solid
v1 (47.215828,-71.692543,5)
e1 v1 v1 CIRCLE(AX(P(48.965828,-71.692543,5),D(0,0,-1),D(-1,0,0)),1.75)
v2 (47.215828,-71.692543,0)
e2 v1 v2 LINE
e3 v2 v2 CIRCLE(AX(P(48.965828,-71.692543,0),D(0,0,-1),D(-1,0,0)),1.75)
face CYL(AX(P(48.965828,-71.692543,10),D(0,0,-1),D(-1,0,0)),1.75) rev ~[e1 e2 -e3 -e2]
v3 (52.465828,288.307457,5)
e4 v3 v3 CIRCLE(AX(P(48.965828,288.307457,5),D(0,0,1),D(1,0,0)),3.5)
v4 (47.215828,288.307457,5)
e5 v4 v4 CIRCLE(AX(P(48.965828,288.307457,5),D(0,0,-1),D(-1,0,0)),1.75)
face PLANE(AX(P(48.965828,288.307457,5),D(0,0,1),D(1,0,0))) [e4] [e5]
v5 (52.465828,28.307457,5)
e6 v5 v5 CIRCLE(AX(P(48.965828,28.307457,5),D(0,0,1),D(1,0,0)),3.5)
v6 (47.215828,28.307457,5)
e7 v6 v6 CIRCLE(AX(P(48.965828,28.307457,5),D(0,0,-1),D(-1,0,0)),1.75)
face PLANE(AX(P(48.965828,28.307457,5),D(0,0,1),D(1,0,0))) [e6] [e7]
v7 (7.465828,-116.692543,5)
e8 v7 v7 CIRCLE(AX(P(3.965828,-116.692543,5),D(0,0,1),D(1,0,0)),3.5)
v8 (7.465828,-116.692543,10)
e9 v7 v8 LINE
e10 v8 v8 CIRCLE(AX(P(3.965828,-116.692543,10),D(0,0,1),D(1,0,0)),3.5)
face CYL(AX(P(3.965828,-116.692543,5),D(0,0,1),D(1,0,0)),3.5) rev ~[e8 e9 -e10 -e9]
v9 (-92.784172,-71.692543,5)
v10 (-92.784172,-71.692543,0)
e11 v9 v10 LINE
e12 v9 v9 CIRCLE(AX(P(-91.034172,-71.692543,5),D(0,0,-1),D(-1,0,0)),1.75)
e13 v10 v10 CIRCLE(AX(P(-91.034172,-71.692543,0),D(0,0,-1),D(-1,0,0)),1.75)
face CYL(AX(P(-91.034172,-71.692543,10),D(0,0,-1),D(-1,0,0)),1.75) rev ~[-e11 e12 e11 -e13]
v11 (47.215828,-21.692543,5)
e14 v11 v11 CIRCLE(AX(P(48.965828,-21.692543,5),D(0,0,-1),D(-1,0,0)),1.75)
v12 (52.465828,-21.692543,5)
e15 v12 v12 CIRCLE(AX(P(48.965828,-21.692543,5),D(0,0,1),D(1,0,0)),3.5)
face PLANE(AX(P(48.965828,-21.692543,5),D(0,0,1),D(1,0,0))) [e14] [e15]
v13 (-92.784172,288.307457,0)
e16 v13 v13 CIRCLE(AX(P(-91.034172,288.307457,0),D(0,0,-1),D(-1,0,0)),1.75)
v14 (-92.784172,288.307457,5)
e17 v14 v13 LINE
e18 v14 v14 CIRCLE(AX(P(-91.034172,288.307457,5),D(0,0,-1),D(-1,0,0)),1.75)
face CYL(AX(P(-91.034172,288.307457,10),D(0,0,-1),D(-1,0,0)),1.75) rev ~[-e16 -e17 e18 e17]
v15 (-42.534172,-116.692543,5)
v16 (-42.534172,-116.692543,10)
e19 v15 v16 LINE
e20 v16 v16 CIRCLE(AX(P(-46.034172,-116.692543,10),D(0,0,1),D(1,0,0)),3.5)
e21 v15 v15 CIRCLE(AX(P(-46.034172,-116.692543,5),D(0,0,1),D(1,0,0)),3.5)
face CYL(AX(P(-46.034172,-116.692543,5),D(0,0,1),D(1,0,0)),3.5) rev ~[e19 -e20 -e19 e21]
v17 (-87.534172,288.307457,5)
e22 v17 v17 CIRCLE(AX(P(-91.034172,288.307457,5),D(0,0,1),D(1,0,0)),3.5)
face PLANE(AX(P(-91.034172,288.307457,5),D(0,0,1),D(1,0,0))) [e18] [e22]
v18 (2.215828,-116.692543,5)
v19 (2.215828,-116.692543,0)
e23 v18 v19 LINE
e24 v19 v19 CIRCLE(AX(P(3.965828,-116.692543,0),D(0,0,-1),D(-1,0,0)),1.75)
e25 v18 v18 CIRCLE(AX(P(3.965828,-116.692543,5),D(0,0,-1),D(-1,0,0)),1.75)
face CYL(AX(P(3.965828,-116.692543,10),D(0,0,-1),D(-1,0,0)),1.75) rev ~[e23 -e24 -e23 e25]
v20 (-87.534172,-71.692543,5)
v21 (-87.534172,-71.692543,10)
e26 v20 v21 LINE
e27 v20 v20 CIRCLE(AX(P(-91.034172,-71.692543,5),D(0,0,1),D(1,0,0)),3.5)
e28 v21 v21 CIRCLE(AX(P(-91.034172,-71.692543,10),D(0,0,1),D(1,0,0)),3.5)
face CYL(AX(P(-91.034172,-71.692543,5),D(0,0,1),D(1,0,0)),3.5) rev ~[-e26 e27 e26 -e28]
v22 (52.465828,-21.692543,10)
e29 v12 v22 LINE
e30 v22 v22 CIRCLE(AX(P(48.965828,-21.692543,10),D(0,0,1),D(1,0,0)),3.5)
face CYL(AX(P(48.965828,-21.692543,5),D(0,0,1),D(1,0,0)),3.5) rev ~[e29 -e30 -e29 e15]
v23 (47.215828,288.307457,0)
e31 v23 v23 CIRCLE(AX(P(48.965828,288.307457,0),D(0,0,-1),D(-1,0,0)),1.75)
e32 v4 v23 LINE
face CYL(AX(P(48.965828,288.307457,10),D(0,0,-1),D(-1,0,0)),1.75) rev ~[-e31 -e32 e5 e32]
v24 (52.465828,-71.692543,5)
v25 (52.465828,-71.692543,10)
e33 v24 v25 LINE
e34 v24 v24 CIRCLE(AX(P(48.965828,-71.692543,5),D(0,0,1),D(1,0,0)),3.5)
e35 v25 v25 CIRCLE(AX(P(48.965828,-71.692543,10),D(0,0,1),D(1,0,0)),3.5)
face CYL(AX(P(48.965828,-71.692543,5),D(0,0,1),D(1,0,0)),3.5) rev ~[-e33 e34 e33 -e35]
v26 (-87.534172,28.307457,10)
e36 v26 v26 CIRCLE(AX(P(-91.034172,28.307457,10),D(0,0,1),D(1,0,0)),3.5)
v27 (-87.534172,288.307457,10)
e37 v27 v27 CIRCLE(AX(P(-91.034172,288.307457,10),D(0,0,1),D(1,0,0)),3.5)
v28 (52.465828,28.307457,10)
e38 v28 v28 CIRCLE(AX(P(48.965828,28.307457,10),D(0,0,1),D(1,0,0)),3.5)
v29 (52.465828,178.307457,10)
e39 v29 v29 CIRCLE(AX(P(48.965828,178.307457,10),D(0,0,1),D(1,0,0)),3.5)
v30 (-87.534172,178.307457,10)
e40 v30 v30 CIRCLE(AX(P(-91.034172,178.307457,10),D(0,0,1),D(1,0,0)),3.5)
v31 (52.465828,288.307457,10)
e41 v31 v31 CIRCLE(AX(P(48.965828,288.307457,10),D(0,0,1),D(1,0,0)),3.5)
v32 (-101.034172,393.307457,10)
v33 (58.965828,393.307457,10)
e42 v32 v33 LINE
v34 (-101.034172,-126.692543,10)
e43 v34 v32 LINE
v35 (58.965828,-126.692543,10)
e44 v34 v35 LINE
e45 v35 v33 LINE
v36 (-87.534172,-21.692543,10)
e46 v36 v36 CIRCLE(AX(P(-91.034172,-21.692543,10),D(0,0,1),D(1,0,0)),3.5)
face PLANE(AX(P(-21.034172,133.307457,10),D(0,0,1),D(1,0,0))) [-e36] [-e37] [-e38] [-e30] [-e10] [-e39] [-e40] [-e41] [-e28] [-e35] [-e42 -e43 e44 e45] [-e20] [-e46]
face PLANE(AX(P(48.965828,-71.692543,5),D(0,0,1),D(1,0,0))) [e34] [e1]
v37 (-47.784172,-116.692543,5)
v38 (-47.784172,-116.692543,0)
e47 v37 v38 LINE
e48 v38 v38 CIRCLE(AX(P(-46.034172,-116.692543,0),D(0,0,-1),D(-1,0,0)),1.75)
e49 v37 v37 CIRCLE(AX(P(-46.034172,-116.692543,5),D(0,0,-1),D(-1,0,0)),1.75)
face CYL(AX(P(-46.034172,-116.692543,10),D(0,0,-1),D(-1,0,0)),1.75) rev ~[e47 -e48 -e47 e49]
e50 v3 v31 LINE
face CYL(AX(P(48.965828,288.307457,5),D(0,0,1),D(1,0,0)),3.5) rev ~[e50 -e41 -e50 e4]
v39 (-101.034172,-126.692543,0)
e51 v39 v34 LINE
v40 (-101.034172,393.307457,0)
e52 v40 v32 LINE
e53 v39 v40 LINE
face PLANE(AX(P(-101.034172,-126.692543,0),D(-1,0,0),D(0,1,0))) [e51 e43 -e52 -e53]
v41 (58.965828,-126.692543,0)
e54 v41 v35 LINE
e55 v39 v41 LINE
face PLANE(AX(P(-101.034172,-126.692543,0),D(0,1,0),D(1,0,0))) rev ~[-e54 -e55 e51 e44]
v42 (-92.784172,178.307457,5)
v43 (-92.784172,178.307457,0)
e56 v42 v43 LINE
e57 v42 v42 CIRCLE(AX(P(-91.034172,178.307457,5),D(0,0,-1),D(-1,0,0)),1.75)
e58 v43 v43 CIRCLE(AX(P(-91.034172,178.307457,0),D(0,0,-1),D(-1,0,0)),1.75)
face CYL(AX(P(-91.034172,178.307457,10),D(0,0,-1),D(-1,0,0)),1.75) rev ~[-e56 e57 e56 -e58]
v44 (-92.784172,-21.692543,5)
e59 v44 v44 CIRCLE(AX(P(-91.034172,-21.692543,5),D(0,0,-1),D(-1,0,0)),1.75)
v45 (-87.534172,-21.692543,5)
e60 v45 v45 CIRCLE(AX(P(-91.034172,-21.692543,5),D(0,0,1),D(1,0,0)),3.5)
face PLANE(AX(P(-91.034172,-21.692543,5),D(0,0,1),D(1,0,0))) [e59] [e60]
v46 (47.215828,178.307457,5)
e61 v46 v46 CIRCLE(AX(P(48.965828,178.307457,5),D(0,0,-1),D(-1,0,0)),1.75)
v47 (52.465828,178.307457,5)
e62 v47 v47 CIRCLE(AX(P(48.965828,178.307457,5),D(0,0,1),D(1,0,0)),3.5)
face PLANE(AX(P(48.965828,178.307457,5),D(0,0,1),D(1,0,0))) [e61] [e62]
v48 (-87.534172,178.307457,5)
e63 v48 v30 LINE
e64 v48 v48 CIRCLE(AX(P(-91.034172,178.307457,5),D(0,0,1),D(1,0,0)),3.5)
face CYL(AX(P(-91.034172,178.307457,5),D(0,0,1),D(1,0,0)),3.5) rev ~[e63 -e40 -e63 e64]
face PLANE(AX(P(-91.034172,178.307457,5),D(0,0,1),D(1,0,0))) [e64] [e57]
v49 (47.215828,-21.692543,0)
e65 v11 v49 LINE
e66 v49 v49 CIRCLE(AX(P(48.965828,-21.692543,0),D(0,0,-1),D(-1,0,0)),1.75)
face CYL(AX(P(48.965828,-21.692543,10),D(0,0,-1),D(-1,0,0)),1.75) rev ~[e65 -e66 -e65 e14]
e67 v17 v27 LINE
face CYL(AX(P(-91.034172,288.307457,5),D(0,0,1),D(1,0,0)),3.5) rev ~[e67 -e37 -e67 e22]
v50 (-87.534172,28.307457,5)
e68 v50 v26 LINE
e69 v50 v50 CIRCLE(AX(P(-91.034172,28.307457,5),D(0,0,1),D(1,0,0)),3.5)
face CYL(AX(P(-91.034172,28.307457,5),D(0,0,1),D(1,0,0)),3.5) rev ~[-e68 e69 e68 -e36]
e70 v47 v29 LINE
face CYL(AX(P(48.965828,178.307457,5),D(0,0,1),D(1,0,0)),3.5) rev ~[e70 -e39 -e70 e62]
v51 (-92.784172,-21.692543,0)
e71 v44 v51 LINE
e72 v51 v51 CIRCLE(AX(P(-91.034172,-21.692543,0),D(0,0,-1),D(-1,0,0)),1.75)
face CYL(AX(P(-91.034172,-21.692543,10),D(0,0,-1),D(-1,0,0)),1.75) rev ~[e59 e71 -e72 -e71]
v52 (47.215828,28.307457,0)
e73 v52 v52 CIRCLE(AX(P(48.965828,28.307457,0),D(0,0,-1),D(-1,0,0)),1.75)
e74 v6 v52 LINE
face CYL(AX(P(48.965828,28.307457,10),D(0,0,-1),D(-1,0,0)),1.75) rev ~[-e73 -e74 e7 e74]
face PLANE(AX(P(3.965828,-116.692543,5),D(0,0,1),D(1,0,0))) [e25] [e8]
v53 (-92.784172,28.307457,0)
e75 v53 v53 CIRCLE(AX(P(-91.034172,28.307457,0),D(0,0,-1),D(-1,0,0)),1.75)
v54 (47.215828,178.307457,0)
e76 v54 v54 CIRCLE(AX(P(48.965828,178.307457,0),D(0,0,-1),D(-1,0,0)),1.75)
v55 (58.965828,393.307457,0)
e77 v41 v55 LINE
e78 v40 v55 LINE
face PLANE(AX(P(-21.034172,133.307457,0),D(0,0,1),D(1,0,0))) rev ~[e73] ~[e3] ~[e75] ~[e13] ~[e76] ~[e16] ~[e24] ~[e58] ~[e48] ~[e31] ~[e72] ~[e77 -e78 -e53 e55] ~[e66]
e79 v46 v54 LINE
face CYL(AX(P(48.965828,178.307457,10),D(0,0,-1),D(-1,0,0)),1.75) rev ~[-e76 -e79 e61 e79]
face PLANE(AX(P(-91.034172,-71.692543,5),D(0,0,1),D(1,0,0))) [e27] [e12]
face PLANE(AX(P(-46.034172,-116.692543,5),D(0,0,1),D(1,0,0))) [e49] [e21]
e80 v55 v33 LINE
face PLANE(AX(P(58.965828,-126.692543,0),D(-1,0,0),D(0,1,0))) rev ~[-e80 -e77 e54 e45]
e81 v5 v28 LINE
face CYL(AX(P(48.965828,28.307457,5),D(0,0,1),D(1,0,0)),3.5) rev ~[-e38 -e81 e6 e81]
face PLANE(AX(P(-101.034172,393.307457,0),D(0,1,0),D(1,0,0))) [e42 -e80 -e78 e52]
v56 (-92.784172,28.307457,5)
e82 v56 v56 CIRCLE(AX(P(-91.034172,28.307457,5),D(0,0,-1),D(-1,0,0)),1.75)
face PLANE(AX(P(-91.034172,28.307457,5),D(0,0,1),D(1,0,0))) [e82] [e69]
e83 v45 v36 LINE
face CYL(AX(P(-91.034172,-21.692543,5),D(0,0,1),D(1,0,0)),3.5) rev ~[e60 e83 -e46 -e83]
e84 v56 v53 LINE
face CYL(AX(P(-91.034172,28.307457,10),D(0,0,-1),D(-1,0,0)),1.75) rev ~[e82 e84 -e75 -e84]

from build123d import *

# Parameters (mm, degrees)
F0_W           = 160
F0_H           = 520
F0_W_2         = 150
F0_H_2         = 510
F1_DEPTH       = 10
F3_D           = 3.5
F3_CBORE_D     = 7
F3_CBORE_DEPTH = 5


with BuildPart() as f1:
    # F0 (on Top) → F1 (new body)
    with BuildSketch(Plane.XY):
        with Locations((-21.034172, 133.307457)):
            Rectangle(F0_W, F0_H)
        with Locations((-21.034172, 133.307457)):
            Rectangle(F0_W_2, F0_H_2, mode=Mode.SUBTRACT)
        with Locations((-21.034172, 133.307457)):
            Rectangle(F0_W_2, F0_H_2)
    extrude(amount=F1_DEPTH)

    # F3 (through all)
    with Locations(Plane.XY.offset(10)):
        with Locations((-91.034172, 288.307457), (-91.034172, 178.307457), (48.965828, 178.307457), (48.965828, 288.307457), (48.965828, 28.307457), (48.965828, -21.692543), (48.965828, -71.692543), (3.965828, -116.692543), (-46.034172, -116.692543), (-91.034172, -71.692543), (-91.034172, -21.692543), (-91.034172, 28.307457)):
            CounterBoreHole(F3_D / 2, F3_CBORE_D / 2, F3_CBORE_DEPTH)


solid = f1.part
